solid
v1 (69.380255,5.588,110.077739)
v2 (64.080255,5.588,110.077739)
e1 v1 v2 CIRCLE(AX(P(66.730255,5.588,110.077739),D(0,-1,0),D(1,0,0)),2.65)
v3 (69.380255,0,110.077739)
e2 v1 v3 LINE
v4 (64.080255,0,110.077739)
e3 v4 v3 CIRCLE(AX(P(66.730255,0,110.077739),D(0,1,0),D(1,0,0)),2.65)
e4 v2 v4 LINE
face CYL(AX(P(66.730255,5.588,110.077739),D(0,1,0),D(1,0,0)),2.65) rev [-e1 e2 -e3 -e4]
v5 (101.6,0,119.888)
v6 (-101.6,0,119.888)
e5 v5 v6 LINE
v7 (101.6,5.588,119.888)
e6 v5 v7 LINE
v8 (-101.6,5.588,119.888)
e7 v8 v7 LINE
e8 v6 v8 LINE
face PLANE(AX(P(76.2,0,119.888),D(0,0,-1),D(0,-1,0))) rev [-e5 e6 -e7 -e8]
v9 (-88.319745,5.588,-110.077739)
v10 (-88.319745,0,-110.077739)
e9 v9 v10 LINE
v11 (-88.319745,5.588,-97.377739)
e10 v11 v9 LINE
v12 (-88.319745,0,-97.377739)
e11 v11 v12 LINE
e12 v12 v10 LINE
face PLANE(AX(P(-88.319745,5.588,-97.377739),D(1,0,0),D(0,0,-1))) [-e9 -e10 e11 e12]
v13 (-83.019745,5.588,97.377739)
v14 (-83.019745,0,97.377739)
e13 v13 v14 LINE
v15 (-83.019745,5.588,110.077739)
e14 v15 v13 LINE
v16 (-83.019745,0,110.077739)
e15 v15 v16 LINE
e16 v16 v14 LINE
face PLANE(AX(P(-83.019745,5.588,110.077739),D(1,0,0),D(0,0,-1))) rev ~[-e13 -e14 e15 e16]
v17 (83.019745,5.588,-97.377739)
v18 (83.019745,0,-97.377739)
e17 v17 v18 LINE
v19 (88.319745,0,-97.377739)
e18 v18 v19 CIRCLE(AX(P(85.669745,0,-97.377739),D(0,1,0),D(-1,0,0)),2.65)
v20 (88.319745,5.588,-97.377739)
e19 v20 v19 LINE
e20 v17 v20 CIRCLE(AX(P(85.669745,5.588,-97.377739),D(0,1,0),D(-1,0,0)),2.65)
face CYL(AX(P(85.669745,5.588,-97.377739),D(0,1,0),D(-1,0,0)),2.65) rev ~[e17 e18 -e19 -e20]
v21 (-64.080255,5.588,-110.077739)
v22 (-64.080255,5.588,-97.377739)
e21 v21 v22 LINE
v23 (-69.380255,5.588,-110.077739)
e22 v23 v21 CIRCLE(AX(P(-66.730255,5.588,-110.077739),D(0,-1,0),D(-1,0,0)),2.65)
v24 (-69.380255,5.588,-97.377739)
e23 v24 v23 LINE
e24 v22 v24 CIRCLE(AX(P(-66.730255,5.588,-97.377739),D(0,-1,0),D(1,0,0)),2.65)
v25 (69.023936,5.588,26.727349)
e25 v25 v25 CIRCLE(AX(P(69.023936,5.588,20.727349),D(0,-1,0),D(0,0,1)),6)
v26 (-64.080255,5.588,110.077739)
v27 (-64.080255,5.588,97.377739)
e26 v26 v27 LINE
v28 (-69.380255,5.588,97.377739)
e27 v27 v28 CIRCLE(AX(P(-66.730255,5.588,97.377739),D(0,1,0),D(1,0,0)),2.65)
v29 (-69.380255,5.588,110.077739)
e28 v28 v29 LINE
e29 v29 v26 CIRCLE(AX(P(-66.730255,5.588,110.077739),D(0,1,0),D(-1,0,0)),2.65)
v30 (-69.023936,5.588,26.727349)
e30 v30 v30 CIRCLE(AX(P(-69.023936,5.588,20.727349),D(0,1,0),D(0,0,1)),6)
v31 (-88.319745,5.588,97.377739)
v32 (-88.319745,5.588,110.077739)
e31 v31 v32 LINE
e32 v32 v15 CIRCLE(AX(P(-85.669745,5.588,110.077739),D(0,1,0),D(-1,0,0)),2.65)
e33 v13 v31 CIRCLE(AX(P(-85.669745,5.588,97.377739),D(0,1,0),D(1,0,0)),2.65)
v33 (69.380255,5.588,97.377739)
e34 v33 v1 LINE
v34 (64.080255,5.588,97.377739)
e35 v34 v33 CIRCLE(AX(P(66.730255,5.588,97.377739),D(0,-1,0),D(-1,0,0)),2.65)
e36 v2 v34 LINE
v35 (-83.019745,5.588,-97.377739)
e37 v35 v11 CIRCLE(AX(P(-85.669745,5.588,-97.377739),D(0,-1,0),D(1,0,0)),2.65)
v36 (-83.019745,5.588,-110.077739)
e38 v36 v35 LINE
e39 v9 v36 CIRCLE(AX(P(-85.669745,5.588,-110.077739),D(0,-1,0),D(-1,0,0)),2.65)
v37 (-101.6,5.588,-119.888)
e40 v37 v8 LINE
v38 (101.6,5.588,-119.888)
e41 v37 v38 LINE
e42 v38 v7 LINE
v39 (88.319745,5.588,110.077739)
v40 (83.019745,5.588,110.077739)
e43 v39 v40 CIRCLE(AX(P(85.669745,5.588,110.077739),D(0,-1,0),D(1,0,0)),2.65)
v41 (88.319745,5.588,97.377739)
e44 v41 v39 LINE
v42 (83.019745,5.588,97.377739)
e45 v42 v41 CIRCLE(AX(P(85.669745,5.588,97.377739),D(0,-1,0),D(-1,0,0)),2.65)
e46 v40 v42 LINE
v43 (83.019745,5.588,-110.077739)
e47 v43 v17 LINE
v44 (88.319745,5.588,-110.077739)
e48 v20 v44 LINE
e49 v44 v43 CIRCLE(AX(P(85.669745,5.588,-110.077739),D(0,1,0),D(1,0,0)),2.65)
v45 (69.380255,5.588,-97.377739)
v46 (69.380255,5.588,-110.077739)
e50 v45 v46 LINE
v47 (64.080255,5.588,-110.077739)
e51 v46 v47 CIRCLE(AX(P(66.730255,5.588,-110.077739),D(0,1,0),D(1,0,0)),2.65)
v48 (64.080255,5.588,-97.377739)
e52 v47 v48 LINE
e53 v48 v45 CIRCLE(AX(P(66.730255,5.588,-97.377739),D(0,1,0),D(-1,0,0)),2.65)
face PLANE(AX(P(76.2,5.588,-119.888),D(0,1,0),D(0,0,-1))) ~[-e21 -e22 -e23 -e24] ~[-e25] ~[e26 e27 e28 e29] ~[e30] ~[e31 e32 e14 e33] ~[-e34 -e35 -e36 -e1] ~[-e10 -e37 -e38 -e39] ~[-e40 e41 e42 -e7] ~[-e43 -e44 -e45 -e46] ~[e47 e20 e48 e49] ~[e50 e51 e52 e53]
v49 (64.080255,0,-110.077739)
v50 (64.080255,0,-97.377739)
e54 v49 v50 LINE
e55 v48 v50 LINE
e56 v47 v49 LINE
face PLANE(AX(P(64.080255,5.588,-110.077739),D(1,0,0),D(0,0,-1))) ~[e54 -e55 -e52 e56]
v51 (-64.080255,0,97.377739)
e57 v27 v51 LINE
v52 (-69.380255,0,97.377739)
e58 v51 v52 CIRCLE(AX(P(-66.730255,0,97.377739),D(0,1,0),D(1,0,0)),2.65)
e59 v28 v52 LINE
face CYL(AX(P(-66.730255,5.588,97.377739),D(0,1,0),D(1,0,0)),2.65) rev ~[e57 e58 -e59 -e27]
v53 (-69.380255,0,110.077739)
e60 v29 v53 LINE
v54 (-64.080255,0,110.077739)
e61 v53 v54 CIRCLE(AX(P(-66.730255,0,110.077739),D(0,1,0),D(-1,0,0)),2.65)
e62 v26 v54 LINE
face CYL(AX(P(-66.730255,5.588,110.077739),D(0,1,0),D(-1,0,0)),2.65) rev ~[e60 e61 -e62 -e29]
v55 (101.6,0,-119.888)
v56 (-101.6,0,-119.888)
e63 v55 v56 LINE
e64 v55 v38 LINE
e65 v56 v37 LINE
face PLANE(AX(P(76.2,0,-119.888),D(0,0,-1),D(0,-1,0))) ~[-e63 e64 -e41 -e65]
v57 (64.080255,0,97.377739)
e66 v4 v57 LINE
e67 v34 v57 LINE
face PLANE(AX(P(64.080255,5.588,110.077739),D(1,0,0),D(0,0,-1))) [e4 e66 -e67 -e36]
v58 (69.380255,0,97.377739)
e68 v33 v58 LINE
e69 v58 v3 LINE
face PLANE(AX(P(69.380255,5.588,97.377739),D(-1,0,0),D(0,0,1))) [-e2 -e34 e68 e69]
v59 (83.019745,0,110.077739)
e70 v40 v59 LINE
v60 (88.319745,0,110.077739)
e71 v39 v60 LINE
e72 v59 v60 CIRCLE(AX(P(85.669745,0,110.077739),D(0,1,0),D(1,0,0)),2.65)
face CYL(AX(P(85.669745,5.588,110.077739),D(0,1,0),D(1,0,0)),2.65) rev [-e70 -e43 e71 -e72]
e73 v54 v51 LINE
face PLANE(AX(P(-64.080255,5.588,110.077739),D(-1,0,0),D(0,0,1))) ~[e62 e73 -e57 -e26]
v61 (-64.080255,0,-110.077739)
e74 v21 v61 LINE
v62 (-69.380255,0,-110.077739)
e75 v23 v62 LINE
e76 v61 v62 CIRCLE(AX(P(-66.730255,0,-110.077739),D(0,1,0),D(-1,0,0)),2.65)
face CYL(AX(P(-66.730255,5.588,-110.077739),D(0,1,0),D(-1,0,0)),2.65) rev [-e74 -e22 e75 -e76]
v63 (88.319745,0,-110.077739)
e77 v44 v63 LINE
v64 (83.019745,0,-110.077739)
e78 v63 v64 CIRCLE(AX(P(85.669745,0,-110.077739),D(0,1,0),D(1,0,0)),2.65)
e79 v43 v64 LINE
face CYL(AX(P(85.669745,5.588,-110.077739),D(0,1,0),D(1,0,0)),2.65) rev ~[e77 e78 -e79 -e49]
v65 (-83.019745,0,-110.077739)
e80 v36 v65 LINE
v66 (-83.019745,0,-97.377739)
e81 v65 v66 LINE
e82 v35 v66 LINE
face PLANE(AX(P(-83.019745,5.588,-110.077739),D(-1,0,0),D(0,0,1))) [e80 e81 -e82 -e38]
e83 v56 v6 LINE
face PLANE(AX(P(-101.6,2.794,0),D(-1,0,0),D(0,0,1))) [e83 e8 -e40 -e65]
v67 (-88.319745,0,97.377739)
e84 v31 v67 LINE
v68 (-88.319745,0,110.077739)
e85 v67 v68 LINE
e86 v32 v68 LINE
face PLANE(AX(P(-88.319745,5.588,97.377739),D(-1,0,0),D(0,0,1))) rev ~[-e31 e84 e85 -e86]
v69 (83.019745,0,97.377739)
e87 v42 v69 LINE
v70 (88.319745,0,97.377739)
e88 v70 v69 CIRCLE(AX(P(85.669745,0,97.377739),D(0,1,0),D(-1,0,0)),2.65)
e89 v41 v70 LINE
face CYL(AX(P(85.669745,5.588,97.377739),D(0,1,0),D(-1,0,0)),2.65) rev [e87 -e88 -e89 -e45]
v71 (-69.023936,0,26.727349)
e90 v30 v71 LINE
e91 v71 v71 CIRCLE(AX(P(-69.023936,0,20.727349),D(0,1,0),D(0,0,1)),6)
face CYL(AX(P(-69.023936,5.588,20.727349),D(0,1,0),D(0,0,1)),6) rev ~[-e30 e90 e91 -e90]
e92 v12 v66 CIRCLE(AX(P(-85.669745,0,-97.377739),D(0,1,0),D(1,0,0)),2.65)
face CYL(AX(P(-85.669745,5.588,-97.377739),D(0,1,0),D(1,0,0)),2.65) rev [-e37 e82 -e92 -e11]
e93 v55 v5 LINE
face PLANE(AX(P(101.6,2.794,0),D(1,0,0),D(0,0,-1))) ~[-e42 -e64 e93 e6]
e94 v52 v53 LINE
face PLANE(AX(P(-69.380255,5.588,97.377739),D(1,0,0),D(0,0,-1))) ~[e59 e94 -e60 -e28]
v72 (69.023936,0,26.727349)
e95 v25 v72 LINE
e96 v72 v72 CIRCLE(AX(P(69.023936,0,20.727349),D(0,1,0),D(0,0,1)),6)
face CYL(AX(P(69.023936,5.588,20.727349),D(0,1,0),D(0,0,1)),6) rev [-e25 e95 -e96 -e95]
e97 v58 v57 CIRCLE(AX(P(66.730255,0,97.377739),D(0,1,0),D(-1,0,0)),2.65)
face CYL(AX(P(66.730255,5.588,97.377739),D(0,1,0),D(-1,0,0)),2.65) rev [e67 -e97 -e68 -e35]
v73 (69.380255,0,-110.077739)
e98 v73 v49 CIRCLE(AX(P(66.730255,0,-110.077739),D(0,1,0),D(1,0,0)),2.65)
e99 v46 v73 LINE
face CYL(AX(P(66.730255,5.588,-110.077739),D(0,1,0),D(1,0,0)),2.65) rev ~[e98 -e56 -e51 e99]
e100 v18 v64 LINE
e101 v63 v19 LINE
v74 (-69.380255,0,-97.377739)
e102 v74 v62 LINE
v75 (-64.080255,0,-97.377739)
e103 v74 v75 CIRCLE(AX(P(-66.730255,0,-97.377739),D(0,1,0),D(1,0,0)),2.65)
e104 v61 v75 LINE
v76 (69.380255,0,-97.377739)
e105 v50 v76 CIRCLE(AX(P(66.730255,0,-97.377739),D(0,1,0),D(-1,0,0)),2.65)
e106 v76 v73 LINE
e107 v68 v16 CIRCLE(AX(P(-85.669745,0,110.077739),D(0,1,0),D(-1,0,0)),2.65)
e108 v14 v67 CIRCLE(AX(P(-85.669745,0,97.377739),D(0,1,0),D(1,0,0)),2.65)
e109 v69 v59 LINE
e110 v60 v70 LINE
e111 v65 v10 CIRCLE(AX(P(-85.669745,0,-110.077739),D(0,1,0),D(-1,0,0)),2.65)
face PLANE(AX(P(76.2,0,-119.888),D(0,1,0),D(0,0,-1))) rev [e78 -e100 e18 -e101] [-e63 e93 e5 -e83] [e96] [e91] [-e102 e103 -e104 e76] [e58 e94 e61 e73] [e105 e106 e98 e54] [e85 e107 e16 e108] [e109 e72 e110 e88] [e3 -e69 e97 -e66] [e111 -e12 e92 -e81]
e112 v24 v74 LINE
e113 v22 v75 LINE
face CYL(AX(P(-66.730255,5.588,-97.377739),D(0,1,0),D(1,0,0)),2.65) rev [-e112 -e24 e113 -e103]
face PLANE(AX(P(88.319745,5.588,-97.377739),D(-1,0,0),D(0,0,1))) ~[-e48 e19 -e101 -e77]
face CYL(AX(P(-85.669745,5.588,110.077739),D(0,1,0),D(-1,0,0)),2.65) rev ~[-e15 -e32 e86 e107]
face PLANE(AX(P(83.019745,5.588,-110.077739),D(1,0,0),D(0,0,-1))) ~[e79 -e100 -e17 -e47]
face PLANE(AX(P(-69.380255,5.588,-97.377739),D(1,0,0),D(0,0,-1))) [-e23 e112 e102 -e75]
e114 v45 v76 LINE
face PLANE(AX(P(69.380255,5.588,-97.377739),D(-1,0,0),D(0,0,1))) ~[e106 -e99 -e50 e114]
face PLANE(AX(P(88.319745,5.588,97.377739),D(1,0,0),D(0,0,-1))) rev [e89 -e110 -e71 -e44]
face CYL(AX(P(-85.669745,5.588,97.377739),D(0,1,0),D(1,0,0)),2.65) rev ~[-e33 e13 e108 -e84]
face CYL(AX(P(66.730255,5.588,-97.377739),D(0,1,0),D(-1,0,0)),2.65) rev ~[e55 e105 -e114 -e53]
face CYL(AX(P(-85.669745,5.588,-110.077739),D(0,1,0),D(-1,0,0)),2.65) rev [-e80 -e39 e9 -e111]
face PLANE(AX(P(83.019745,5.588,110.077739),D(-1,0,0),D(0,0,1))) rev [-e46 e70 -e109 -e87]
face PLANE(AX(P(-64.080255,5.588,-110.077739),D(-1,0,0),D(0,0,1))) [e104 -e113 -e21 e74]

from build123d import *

# Parameters (mm, degrees)
SKETCH1_W                                = 152.4
SKETCH1_H                                = 239.776
BOSS_EXTRUDE1_DEPTH                      = 5.588
CUT_EXTRUDE6_DEPTH                       = 432.430054712
MIRROR1_AT_THE_SECOND_PLANE_COPY_1_DEPTH = 432.430054712
SKETCH8_W                                = 239.776
SKETCH8_H                                = 5.588
BOSS_EXTRUDE2_DEPTH                      = 25.4
CUT_EXTRUDE7_DEPTH                       = 158.247951618
SKETCH10_R                               = 6
CUT_EXTRUDE8_DEPTH                       = 456.882202726


with BuildPart() as part:
    # Sketch1 → Boss-Extrude1 (new body)
    with BuildSketch(Plane(origin=(0, 0, 0), x_dir=(1, 0, 0), z_dir=(0, 1, 0))):
        Rectangle(SKETCH1_W, SKETCH1_H)
    extrude(amount=BOSS_EXTRUDE1_DEPTH)

    # Sketch7 → Cut-Extrude6 (cut, through all)
    with BuildSketch(Plane(origin=(-338.200209725, 5.588, 0), x_dir=(1, 0, 0), z_dir=(0, 1, 0))):
        with BuildLine():
            Line((268.819954903, 97.377738503), (268.819954903, 110.077738503))
            ThreePointArc((268.819954903, 110.077738503), (271.469954903, 112.727738503), (274.119954903, 110.077738503))
            Line((274.119954903, 110.077738503), (274.119954903, 97.377738503))
            ThreePointArc((274.119954903, 97.377738503), (271.469954903, 94.727738503), (268.819954903, 97.377738503))
        make_face()
    cut_extrude6 = extrude(amount=-CUT_EXTRUDE6_DEPTH, mode=Mode.SUBTRACT)

    # Mirror1: Cut-Extrude6 across plane
    add(cut_extrude6.mirror(Plane.XY), mode=Mode.SUBTRACT)

    # Mirror1 at the second plane: Cut-Extrude6 across plane
    add(cut_extrude6.mirror(Plane(origin=(0, 0, 0), x_dir=(0, 0, 1), z_dir=(1, 0, 0))), mode=Mode.SUBTRACT)

    # Mirror1 at the second plane copy 1 sketc → Mirror1 at the second plane copy 1 (cut, through all)
    with BuildSketch(Plane(origin=(338.200209725, 5.588, 0), x_dir=(-1, 0, 0), z_dir=(0, 1, 0))):
        with BuildLine():
            Line((268.819954903, 97.377738503), (268.819954903, 110.077738503))
            ThreePointArc((268.819954903, 110.077738503), (271.469954903, 112.727738503), (274.119954903, 110.077738503))
            Line((274.119954903, 110.077738503), (274.119954903, 97.377738503))
            ThreePointArc((274.119954903, 97.377738503), (271.469954903, 94.727738503), (268.819954903, 97.377738503))
        make_face()
    extrude(amount=-MIRROR1_AT_THE_SECOND_PLANE_COPY_1_DEPTH, mode=Mode.SUBTRACT)

    # Sketch8 → Boss-Extrude2 (add)
    with BuildSketch(Plane.ZY.offset(76.2)):
        with Locations((0, 2.794)):
            Rectangle(SKETCH8_W, SKETCH8_H)
    boss_extrude2 = extrude(amount=BOSS_EXTRUDE2_DEPTH)

    # Sketch9 → Cut-Extrude7 (cut, through all)
    with BuildSketch(Plane(origin=(0, 5.588, 0), x_dir=(1, 0, 0), z_dir=(0, 1, 0))):
        with BuildLine():
            Line((-69.380254823, 110.077738503), (-69.380254823, 97.377738503))
            ThreePointArc((-69.380254823, 97.377738503), (-66.730254823, 94.727738503), (-64.080254823, 97.377738503))
            Line((-64.080254823, 97.377738503), (-64.080254823, 110.077738503))
            ThreePointArc((-64.080254823, 110.077738503), (-66.730254823, 112.727738503), (-69.380254823, 110.077738503))
        make_face()
        with BuildLine():
            Line((-88.319745177, 97.377738503), (-88.319745177, 110.077738503))
            ThreePointArc((-88.319745177, 110.077738503), (-85.669745177, 112.727738503), (-83.019745177, 110.077738503))
            Line((-83.019745177, 110.077738503), (-83.019745177, 97.377738503))
            ThreePointArc((-83.019745177, 97.377738503), (-85.669745177, 94.727738503), (-88.319745177, 97.377738503))
        make_face()
        with BuildLine():
            Line((-88.319745177, -97.377738503), (-88.319745177, -110.077738503))
            ThreePointArc((-88.319745177, -110.077738503), (-85.669745177, -112.727738503), (-83.019745177, -110.077738503))
            Line((-83.019745177, -110.077738503), (-83.019745177, -97.377738503))
            ThreePointArc((-83.019745177, -97.377738503), (-85.669745177, -94.727738503), (-88.319745177, -97.377738503))
        make_face()
    cut_extrude7 = extrude(amount=-CUT_EXTRUDE7_DEPTH, mode=Mode.SUBTRACT)

    # Mirror2: Boss-Extrude2, Cut-Extrude7 across plane
    add(boss_extrude2.mirror(Plane(origin=(0, 0, 0), x_dir=(0, 0, 1), z_dir=(1, 0, 0))))
    add(cut_extrude7.mirror(Plane(origin=(0, 0, 0), x_dir=(0, 0, 1), z_dir=(1, 0, 0))), mode=Mode.SUBTRACT)

    # Sketch10 → Cut-Extrude8 (cut, through all)
    with BuildSketch(Plane(origin=(-338.200209725, 5.588, 0), x_dir=(1, 0, 0), z_dir=(0, 1, 0))):
        with Locations(Location((269.176273717, -20.727348554, 0), (0, 0, 270))):
            Circle(SKETCH10_R)
    cut_extrude8 = extrude(amount=-CUT_EXTRUDE8_DEPTH, mode=Mode.SUBTRACT)

    # Mirror3: Cut-Extrude8 across plane
    add(cut_extrude8.mirror(Plane(origin=(0, 0, 0), x_dir=(0, 0, 1), z_dir=(1, 0, 0))), mode=Mode.SUBTRACT)


solid = part.part
